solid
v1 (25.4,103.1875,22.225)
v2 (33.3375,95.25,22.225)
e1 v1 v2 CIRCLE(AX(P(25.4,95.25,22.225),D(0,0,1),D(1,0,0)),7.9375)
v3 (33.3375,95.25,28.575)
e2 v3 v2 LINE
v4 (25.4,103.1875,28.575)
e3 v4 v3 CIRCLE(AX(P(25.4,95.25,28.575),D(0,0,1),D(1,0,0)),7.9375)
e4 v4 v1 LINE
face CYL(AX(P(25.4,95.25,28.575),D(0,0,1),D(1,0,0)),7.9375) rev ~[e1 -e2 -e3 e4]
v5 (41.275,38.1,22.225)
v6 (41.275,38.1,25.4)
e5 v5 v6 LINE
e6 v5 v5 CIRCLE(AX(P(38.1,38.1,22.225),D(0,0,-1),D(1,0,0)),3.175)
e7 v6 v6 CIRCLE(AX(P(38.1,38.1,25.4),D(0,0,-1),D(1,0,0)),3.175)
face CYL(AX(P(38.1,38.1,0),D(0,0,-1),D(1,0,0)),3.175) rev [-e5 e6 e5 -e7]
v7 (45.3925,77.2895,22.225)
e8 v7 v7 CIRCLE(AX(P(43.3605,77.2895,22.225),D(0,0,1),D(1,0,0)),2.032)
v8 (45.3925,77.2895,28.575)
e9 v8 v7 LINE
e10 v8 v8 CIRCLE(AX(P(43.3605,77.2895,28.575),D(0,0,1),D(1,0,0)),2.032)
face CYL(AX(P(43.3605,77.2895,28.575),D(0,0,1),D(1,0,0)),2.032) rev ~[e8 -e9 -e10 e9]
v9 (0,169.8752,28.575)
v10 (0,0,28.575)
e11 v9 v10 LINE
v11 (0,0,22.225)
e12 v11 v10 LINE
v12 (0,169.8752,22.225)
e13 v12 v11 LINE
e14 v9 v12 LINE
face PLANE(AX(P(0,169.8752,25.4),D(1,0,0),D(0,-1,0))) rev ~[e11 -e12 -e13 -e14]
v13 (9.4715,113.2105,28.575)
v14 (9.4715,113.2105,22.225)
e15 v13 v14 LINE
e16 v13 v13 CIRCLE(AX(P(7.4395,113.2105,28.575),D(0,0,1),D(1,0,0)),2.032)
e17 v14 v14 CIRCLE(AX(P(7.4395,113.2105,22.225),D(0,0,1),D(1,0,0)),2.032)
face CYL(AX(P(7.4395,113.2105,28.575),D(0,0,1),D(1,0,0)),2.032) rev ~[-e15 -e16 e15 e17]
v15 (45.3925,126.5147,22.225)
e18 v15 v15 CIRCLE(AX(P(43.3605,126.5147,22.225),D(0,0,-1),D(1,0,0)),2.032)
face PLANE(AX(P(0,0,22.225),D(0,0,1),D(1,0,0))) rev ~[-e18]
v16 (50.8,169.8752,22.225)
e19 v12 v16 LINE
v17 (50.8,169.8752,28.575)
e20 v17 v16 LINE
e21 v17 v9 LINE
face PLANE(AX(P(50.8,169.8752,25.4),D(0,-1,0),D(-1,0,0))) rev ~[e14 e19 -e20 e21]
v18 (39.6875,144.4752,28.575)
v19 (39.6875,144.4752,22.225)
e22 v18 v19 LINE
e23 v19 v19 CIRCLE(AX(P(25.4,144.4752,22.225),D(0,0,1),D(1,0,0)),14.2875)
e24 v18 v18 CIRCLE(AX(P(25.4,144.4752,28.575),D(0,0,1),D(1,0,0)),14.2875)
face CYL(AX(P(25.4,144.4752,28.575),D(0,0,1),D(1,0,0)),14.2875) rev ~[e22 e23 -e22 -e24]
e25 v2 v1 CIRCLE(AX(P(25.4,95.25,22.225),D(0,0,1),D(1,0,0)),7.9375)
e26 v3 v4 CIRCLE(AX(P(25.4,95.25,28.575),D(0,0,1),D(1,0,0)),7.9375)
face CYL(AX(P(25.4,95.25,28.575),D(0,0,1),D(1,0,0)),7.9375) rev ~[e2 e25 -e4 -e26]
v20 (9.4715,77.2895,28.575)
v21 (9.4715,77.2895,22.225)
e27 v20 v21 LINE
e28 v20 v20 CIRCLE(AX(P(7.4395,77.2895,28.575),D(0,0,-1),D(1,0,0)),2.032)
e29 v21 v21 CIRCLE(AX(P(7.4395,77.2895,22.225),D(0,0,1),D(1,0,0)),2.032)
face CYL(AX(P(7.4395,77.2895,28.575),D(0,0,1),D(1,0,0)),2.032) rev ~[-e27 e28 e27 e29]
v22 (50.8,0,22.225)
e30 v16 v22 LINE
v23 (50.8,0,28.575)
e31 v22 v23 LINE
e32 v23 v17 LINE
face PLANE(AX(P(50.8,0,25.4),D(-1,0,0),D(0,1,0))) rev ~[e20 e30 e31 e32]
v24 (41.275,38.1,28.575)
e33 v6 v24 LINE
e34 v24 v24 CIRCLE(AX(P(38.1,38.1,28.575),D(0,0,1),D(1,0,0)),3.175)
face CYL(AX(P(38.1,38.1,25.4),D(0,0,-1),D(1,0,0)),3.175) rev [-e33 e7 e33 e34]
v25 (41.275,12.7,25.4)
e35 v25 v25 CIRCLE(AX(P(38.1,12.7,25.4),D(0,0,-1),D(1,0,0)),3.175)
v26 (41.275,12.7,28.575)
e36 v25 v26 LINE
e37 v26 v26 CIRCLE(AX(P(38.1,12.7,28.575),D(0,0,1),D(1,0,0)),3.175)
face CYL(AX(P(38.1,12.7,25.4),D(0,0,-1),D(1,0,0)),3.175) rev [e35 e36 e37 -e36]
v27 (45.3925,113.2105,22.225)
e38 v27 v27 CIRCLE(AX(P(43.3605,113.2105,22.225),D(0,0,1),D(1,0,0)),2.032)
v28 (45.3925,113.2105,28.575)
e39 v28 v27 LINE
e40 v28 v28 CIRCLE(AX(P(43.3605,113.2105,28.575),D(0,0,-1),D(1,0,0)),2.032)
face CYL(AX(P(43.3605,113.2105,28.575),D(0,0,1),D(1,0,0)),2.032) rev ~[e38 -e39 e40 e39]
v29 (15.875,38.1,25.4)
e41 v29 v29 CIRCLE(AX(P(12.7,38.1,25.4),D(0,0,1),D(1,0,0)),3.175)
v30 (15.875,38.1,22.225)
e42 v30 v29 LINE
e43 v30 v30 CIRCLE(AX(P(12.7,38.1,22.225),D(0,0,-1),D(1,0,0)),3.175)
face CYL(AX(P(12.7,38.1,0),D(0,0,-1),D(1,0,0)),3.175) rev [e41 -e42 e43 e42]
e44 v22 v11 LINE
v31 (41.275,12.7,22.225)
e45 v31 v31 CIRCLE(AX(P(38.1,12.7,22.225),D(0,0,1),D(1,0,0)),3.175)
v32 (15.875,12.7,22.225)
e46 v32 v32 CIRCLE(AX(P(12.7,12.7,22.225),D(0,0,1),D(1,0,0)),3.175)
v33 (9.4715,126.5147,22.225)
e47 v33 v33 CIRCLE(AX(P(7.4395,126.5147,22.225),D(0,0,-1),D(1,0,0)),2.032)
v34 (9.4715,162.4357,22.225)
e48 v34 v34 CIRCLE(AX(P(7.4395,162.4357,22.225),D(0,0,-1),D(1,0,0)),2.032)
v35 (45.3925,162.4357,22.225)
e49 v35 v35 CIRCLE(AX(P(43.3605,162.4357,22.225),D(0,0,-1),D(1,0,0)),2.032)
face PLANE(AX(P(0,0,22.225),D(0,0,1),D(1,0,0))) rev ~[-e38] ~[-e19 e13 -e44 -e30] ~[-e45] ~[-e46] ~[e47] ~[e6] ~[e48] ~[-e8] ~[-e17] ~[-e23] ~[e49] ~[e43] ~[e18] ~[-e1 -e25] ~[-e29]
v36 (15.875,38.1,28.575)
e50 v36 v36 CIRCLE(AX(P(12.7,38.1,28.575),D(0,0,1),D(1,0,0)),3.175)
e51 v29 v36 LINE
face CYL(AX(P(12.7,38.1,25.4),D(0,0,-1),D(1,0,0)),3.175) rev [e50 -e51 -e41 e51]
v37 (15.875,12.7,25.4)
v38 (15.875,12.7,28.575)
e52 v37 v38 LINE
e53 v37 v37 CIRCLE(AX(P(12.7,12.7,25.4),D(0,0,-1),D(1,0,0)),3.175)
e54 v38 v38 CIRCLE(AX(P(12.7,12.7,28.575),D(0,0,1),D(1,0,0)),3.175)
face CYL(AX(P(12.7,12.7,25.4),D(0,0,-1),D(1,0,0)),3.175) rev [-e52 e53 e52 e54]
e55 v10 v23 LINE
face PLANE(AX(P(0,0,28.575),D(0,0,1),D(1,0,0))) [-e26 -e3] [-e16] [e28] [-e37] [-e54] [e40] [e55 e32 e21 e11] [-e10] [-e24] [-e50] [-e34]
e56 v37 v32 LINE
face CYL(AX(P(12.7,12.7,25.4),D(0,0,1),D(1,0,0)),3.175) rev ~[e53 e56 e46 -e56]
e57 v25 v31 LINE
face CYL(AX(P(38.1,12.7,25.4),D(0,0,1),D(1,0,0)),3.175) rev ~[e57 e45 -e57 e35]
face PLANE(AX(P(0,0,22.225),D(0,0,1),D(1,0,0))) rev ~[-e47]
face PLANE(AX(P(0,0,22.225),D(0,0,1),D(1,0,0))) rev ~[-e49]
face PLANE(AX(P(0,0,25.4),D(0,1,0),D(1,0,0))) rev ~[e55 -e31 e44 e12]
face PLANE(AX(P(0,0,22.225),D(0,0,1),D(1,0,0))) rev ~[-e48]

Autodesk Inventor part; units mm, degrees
ref_plane "YZ Plane" through (0, 0, 0) normal (1, 0, 0) x (0, 1, 0)
ref_plane "XZ Plane" through (0, 0, 0) normal (0, 1, 0) x (-1, 0, 0)
ref_plane "XY Plane" through (0, 0, 0) normal (0, 0, 1) x (1, 0, 0)
sketch "Sketch1" plane through (0, 0, 0) normal (0, 0, 1) x (1, 0, 0)
  line L0 (0, 0) -> (50.8, 0)
  line L1 (50.8, 0) -> (50.8, 169.8752)
  line L2 (50.8, 169.8752) -> (0, 169.8752)
  line L3 (0, 169.8752) -> (0, 0)
  line L4 (25.4, 169.8752) -> (25.4, 144.4752)
  line L5 (25.4, 169.8752) -> (50.8, 169.8752) construction
  circle A0 centre (25.4, 144.4752) radius 14.2875
  line L6 (25.4, 144.4752) -> (43.3605, 162.4357)
  line L7 (25.4, 144.4752) -> (50.8, 144.4752) construction
  line L8 (7.4395, 126.5147) -> (43.3605, 126.5147)
  line L9 (43.3605, 162.4357) -> (7.4395, 162.4357)
  line L10 (7.4395, 162.4357) -> (7.4395, 126.5147)
  circle A1 centre (7.4395, 162.4357) radius 2.032
  circle A2 centre (7.4395, 126.5147) radius 2.032
  circle A3 centre (43.3605, 162.4357) radius 2.032
  circle A4 centre (43.3605, 126.5147) radius 2.032
  line L11 (0, 0) -> (50.8, 0)
  line L12 (50.8, 0) -> (50.8, 38.1)
  line L13 (0, 38.1) -> (0, 0)
  line L14 (25.4, 38.1) -> (12.7, 38.1)
  line L15 (25.4, 38.1) -> (38.1, 38.1) construction
  line L16 (12.7, 38.1) -> (38.1, 38.1)
  circle A5 centre (12.7, 38.1) radius 3.175
  circle A6 centre (38.1, 38.1) radius 3.175
  dimension "d0" = 50.8
  dimension "d1" = 169.8752
  dimension "d2" = 25.4
  dimension "d3" = 90
  dimension "d4" = 28.575
  dimension "d5" = 25.4
  dimension "d6" = 45
  dimension "d7" = 50.8
  dimension "d9" = 4.064
  dimension "d10" = 4.064
  dimension "d11" = 4.064
  dimension "d12" = 4.064
  dimension "d13" = 50.8
  dimension "d14" = 38.1
  dimension "d15" = 12.7
  dimension "d16" = 180
  dimension "d17" = 25.4
  dimension "d18" = 0
  dimension "d19" = 6.35
  dimension "d20" = 6.35
extrude "Extrusion1" add sketch "Sketch1" along normal blind 25.4 contours L9 A3 L6 A0 L4 | L3 L2 L1 L0
sketch "Sketch2" plane through (0, 169.8752, 0) normal (0, 1, 0) x (1, 0, 0)
  line L0 (0, 0) -> (3.175, 0)
  line L1 (3.175, 0) -> (3.175, -3.175)
  line L2 (3.175, -3.175) -> (0, -3.175)
  line L3 (0, -3.175) -> (0, 0)
  line L4 (3.175, -3.175) -> (47.625, -3.175)
  line L5 (47.625, -3.175) -> (47.625, -22.225)
  line L6 (47.625, -22.225) -> (3.175, -22.225)
  line L7 (3.175, -22.225) -> (3.175, -3.175)
  dimension "d23" = 3.175
  dimension "d24" = 3.175
  dimension "d25" = 44.45
  dimension "d26" = 19.05
extrude "Extrusion2" cut sketch "Sketch2" against normal blind 254 contours L4 L5 L6 L7
sketch "Sketch3" plane through (0, 0, 25.4) normal (0, 0, 1) x (1, 0, 0)
  circle A0 centre (12.7, 38.1) radius 3.175 projected
  line L0 (12.7, 38.1) -> (38.1, 38.1)
  line L1 (38.1, 38.1) -> (38.1, 12.7)
  line L2 (38.1, 12.7) -> (12.7, 12.7)
  line L3 (12.7, 12.7) -> (12.7, 38.1)
  circle A1 centre (12.7, 12.7) radius 3.175
  circle A2 centre (38.1, 12.7) radius 3.175
  dimension "d29" = 25.4
  dimension "d30" = 25.4
  dimension "d31" = 6.35
  dimension "d32" = 6.35
extrude "Extrusion3" cut sketch "Sketch3" against normal blind 25.4 contours A1 L2 L3 | L3 L2 A1 | A2 L2 L1 | L1 L2 A2
sketch "Sketch4" plane through (0, 169.8752, 0) normal (0, 1, 0) x (1, 0, 0)
  line L0 (47.625, -22.225) -> (3.175, -22.225) projected
  line L1 (3.175, -22.225) -> (3.175, -3.175) projected
  line L2 (3.175, -3.175) -> (47.625, -3.175) projected
  line L3 (47.625, -3.175) -> (47.625, -22.225) projected
  line L4 (50.8, 0) -> (50.8, -25.4) projected
  line L5 (0, 0) -> (50.8, 0)
  line L6 (50.8, 0) -> (50.8, -22.225)
  line L7 (50.8, -22.225) -> (0, -22.225)
  line L8 (0, -22.225) -> (0, 0)
extrude "Extrusion4" cut sketch "Sketch4" against normal blind 254 contours L3 L2 L1 L7 L8 L5 L4
sketch "Sketch5" plane through (0, 0, 25.4) normal (0, 0, 1) x (1, 0, 0)
  circle A0 centre (38.1, 12.7) radius 3.175 projected
  circle A1 centre (12.7, 12.7) radius 3.175 projected
  circle A2 centre (25.4, 144.4752) radius 14.2875 projected
  circle A3 centre (38.1, 38.1) radius 3.175 projected
  circle A4 centre (12.7, 38.1) radius 3.175 projected
  circle A5 centre (43.3605, 126.5147) radius 2.032 projected
  circle A6 centre (43.3605, 162.4357) radius 2.032 projected
  circle A7 centre (7.4395, 126.5147) radius 2.032 projected
  circle A8 centre (7.4395, 162.4357) radius 2.032 projected
  line L0 (0, 0) -> (50.8, 0) projected
  line L1 (50.8, 0) -> (50.8, 169.8752) projected
  line L2 (50.8, 169.8752) -> (0, 169.8752) projected
  line L3 (0, 169.8752) -> (0, 0) projected
extrude "Extrusion5" add sketch "Sketch5" along normal blind 3.175
sketch "Sketch6" plane through (0, 0, 28.575) normal (0, 0, 1) x (1, 0, 0)
  circle A0 centre (25.4, 144.4752) radius 14.2875 projected
  circle A1 centre (25.4, 144.4752) radius 9.525
  dimension "d39" = 19.05
extrude "Extrusion6" add sketch "Sketch6" against normal blind 6.35
sketch "Sketch7" plane through (0, 0, 28.575) normal (0, 0, 1) x (1, 0, 0)
  line L0 (50.8, 169.8752) -> (0, 169.8752) projected
  line L1 (0, 169.8752) -> (0, 0) projected
  line L2 (25.4, 169.8752) -> (25.4, 95.25)
  line L3 (25.4, 169.8752) -> (100.0252, 169.8752) construction
  circle A0 centre (25.4, 95.25) radius 7.9375
  dimension "d43" = 74.6252
  dimension "d44" = 90
  dimension "d45" = 15.875
extrude "Extrusion7" cut sketch "Sketch7" against normal blind 25.4
sketch "Sketch8" plane through (0, 0, 28.575) normal (0, 0, 1) x (1, 0, 0)
  circle A0 centre (25.4, 144.4752) radius 9.525 projected
  circle A1 centre (25.4, 144.4752) radius 14.2875
  dimension "d48" = 28.575
extrude "Extrusion8" cut sketch "Sketch8" against normal blind 25.4
sketch "Sketch9" plane through (0, 0, 28.575) normal (0, 0, 1) x (1, 0, 0)
  circle A0 centre (25.4, 95.25) radius 7.9375 projected
  circle A1 centre (7.4395, 162.4357) radius 2.032 projected
  circle A2 centre (7.4395, 126.5147) radius 2.032 projected
  circle A3 centre (43.3605, 162.4357) radius 2.032 projected
  circle A4 centre (43.3605, 126.5147) radius 2.032 projected
  line L0 (25.4, 95.25) -> (43.3605, 113.2105)
  line L1 (25.4, 95.25) -> (50.8, 95.25) construction
  line L2 (43.3605, 113.2105) -> (7.4395, 77.2895)
  circle A5 centre (7.4395, 113.2105) radius 2.032
  circle A6 centre (43.3605, 113.2105) radius 2.032
  circle A7 centre (43.3605, 77.2895) radius 2.032
  circle A8 centre (7.4395, 77.2895) radius 2.032
  dimension "d51" = 25.4
  dimension "d52" = 45
  dimension "d53" = 50.8
  dimension "d54" = 0
  dimension "d55" = 4.064
  dimension "d56" = 4.064
  dimension "d57" = 4.064
  dimension "d58" = 4.064
extrude "Extrusion9" cut sketch "Sketch9" against normal blind 6.35 contours A8 | A6 | A1 | A2 | A3 | A4 | A5 | A7
sketch "Sketch10" plane through (0, 0, 28.575) normal (0, 0, 1) x (1, 0, 0)
  circle A0 centre (7.4395, 162.4357) radius 2.032 projected
  circle A1 centre (7.4395, 126.5147) radius 2.032 projected
  circle A2 centre (43.3605, 162.4357) radius 2.032 projected
  circle A3 centre (43.3605, 126.5147) radius 2.032 projected
extrude "Extrusion10" add sketch "Sketch10" against normal blind 6.35
properties part number "Z-Plate"
